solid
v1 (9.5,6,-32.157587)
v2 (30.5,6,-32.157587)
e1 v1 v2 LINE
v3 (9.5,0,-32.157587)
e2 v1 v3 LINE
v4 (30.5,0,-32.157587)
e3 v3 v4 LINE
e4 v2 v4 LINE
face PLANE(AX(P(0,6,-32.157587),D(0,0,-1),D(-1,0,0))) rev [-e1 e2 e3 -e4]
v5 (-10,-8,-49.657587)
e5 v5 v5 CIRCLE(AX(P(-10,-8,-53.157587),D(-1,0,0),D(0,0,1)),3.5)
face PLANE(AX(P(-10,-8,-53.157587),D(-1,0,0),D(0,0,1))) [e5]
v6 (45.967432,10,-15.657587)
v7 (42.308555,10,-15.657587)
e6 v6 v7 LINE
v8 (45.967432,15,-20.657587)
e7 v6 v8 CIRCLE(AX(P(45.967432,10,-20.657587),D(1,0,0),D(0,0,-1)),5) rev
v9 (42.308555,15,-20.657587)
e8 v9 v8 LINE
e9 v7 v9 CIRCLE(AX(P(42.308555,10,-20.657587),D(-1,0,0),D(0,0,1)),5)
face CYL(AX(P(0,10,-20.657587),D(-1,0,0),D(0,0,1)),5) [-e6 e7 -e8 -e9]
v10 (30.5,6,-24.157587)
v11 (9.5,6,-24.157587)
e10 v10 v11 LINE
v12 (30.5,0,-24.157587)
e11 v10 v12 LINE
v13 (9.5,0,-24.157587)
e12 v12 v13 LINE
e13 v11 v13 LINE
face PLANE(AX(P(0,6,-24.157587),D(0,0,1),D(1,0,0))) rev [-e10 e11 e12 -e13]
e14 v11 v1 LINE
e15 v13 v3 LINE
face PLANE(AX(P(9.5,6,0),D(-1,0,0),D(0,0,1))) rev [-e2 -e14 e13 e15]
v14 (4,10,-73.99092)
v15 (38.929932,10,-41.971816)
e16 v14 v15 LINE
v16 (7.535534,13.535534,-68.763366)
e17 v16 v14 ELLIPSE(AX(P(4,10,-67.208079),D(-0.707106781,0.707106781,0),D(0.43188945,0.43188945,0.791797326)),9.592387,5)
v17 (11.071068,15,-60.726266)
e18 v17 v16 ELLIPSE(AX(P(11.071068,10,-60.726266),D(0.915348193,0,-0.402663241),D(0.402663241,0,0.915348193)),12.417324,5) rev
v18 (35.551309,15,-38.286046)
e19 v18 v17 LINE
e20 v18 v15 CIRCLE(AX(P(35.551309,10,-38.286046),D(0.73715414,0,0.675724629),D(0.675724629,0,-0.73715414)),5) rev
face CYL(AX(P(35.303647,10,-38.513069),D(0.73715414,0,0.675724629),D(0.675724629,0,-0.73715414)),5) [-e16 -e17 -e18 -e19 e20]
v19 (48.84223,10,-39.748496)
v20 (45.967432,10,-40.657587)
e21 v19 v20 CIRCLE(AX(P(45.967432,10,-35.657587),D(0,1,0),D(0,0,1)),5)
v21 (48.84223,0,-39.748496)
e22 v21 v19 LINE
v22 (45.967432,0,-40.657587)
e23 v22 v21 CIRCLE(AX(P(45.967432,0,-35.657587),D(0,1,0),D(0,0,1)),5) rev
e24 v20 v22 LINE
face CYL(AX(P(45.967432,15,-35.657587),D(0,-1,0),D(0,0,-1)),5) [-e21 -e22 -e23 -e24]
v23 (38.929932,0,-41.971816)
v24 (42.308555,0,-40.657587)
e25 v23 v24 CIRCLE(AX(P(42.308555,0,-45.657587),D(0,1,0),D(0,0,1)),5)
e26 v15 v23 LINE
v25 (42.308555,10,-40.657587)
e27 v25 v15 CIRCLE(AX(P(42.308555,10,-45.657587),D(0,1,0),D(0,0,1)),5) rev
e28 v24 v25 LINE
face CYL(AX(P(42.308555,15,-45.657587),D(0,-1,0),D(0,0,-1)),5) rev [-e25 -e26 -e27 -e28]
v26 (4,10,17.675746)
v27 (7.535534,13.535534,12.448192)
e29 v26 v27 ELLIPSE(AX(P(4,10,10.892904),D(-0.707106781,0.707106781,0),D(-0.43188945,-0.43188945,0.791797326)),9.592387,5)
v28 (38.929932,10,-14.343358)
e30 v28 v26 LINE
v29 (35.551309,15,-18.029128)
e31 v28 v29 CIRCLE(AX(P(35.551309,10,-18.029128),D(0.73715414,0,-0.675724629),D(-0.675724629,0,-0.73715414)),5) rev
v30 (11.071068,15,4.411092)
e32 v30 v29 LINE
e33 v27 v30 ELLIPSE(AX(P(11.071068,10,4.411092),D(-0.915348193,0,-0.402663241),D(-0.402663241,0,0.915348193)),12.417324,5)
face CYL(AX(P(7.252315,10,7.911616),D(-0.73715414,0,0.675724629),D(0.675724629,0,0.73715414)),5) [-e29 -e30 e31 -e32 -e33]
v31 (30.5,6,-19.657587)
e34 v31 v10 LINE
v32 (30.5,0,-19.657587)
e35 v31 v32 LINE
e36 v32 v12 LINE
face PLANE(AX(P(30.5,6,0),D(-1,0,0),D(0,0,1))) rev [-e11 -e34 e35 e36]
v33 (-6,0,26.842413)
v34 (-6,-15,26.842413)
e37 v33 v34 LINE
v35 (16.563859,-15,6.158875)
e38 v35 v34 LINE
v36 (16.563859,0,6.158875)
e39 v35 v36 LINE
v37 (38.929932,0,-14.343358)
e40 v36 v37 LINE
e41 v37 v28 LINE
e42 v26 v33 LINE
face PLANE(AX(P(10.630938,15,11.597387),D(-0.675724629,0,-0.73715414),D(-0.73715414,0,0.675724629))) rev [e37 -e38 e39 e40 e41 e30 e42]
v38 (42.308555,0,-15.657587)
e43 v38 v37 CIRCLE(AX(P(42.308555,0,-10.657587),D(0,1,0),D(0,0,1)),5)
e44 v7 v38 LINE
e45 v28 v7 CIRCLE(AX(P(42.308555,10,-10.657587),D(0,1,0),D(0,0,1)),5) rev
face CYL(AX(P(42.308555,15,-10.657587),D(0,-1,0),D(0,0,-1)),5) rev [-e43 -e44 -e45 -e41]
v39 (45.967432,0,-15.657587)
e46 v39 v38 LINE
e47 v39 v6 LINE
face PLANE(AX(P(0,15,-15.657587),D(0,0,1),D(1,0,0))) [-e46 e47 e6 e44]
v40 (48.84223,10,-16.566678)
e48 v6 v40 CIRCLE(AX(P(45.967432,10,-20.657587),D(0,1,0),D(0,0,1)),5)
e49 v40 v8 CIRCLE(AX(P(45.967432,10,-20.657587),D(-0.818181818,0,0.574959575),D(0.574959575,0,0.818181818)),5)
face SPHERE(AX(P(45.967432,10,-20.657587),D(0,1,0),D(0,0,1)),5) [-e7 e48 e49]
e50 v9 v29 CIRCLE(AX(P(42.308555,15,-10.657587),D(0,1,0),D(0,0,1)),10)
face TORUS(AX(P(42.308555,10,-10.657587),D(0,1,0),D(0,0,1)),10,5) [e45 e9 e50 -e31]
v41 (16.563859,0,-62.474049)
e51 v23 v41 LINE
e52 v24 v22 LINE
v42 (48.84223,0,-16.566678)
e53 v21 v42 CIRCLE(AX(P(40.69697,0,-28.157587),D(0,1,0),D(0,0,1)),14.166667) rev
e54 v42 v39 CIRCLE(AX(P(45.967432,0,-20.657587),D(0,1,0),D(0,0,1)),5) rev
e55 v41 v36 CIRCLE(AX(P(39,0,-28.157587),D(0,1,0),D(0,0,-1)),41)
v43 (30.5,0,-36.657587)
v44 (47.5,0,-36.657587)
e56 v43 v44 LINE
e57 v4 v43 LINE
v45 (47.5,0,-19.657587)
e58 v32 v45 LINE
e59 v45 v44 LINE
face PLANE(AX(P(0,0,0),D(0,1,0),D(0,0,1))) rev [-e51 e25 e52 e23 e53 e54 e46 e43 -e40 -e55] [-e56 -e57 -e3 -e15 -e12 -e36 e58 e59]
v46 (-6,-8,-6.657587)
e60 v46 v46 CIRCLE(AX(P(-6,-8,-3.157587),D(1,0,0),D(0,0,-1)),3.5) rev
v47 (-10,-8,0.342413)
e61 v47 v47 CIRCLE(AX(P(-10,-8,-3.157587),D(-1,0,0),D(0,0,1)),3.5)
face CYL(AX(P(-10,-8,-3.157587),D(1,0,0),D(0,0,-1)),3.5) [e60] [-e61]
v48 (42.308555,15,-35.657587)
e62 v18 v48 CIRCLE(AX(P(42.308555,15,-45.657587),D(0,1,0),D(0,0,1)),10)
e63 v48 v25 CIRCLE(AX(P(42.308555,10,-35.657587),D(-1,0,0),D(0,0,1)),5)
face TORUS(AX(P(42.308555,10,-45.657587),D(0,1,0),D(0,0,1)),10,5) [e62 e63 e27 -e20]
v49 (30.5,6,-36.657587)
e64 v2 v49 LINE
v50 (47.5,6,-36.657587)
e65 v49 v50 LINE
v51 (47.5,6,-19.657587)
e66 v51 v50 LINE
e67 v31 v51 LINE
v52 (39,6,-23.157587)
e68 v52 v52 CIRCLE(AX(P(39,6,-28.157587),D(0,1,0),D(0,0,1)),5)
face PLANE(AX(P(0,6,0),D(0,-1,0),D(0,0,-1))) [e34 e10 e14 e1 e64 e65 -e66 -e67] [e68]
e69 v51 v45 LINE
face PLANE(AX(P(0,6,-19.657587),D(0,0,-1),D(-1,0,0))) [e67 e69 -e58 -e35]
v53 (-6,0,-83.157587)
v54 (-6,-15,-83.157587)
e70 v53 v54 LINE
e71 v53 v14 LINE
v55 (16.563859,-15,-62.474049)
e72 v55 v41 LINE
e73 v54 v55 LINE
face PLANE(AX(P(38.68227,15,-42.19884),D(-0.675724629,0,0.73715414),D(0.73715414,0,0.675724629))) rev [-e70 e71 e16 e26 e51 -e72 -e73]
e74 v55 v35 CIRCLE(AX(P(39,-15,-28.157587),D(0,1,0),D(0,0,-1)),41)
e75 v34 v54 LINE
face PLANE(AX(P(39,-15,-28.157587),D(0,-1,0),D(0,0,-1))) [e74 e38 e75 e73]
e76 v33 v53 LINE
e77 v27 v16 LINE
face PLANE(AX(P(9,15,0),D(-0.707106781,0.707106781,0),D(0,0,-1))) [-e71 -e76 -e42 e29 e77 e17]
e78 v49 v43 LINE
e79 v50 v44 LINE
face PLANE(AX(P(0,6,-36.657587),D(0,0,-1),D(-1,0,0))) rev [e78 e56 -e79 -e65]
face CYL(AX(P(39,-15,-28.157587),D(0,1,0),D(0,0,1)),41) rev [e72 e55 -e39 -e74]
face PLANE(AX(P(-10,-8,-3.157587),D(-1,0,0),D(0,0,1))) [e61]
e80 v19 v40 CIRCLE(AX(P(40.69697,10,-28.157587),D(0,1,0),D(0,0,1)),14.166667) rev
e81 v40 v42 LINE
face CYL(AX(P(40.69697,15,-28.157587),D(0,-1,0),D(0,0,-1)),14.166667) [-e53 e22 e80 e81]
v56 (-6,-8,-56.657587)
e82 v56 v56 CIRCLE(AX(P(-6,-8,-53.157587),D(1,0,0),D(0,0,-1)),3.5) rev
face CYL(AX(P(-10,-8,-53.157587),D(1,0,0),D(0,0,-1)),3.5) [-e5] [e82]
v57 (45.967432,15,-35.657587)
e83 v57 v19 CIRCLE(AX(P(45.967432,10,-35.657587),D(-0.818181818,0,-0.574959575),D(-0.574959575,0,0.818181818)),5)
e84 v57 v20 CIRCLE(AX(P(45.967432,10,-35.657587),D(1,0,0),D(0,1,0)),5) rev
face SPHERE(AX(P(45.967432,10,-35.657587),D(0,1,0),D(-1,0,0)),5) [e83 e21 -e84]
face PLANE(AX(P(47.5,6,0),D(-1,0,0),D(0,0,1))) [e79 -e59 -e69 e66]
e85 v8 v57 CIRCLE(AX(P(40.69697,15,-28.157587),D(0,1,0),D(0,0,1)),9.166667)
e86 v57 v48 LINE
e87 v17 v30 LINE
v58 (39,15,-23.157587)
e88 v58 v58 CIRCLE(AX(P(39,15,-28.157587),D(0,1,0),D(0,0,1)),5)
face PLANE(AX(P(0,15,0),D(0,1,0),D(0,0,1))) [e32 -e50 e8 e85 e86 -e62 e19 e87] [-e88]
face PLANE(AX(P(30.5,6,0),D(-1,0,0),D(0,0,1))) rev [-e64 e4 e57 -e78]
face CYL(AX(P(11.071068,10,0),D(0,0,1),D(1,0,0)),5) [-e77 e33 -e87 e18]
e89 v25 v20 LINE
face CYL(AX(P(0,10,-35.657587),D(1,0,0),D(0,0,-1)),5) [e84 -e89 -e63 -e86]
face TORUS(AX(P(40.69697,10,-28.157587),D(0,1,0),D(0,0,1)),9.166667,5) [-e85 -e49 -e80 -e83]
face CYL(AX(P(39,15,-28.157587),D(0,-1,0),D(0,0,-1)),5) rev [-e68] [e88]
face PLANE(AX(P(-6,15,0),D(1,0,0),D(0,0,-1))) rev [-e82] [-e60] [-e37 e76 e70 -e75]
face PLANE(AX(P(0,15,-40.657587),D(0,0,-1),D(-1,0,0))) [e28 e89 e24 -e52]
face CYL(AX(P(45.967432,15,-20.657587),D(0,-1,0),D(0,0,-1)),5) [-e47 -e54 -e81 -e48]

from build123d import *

# Parameters (mm, degrees)
BOSS_EXTRUDE1_DEPTH = 15
SKETCH2_W           = 21
SKETCH2_H           = 8
SKETCH2_W_2         = 17
SKETCH2_H_2         = 17
CUT_EXTRUDE2_DEPTH  = 6
SKETCH3_R           = 5
CUT_EXTRUDE3_DEPTH  = 10
BOSS_EXTRUDE3_DEPTH = 15
SKETCH5_R           = 3.5
BOSS_EXTRUDE4_DEPTH = 4
CHAMFER1_SIZE       = 15
FILLET1_R           = 5


with BuildPart() as part:
    # Sketch1 → Boss-Extrude1 (new body)
    with BuildSketch(Plane(origin=(0, 0, 0), x_dir=(1, 0, 0), z_dir=(0, 1, 0))):
        with BuildLine():
            Line((-6, -26.842412903), (40.363636364, 15.657587097))
            Line((40.363636364, 15.657587097), (47.363636364, 15.657587097))
            ThreePointArc((47.363636364, 15.657587097), (54.863636364, 28.157587097), (47.363636364, 40.657587097))
            Line((47.363636364, 40.657587097), (40.363636364, 40.657587097))
            Line((40.363636364, 40.657587097), (-6, 83.157587097))
            Line((-6, 83.157587097), (-6, -26.842412903))
        make_face()
    extrude(amount=BOSS_EXTRUDE1_DEPTH)

    # Sketch2 → Cut-Extrude2 (cut)
    with BuildSketch(Plane.XZ):
        with Locations((20, -28.157587097)):
            Rectangle(SKETCH2_W, SKETCH2_H)
        with Locations((39, -28.157587097)):
            Rectangle(SKETCH2_W_2, SKETCH2_H_2)
    extrude(amount=-CUT_EXTRUDE2_DEPTH, mode=Mode.SUBTRACT)

    # Sketch3 → Cut-Extrude3 (cut, through all)
    with BuildSketch(Plane(origin=(0, 6, 0), x_dir=(-1, 0, 0), z_dir=(0, 1, 0))):
        with Locations((-39, -28.157587097)):
            Circle(SKETCH3_R)
    extrude(amount=CUT_EXTRUDE3_DEPTH, mode=Mode.SUBTRACT)

    # Sketch6 → Boss-Extrude3 (add)
    with BuildSketch(Plane.XZ):
        with BuildLine():
            Line((-6, 26.842412903), (-6, -83.157587097))
            Line((-6, -83.157587097), (16.563859252, -62.474049449))
            ThreePointArc((16.563859252, -62.474049449), (-2, -28.157587097), (16.563859252, 6.158875255))
            Line((16.563859252, 6.158875255), (-6, 26.842412903))
        make_face()
    extrude(amount=BOSS_EXTRUDE3_DEPTH)

    # Sketch5 → Boss-Extrude4 (add)
    with BuildSketch(Plane.ZY.offset(6)):
        with Locations((-53.157587097, -8)):
            Circle(SKETCH5_R)
        with Locations((-3.157587097, -8)):
            Circle(SKETCH5_R)
    extrude(amount=BOSS_EXTRUDE4_DEPTH)

    # Chamfer1
    chamfer1_edges = [part.edges().sort_by_distance(p)[0] for p in [
        (-6, 15, -28.157587097),
    ]]
    chamfer(chamfer1_edges, length=CHAMFER1_SIZE)

    # Fillet1
    fillet1_edges = [part.edges().sort_by_distance(p)[0] for p in [
        (43.863636364, 15, -40.657587097),
        (47.363636364, 7.5, -15.657587097),
        (40.363636364, 7.5, -15.657587097),
        (40.363636364, 7.5, -40.657587097),
        (47.363636364, 7.5, -40.657587097),
        (24.681818182, 15, -55.032587097),
        (43.863636364, 15, -15.657587097),
        (54.863636364, 15, -28.157587097),
        (24.681818182, 15, -1.282587097),
        (9, 15, -28.157587097),
    ]]
    fillet(fillet1_edges, radius=FILLET1_R)


solid = part.part
